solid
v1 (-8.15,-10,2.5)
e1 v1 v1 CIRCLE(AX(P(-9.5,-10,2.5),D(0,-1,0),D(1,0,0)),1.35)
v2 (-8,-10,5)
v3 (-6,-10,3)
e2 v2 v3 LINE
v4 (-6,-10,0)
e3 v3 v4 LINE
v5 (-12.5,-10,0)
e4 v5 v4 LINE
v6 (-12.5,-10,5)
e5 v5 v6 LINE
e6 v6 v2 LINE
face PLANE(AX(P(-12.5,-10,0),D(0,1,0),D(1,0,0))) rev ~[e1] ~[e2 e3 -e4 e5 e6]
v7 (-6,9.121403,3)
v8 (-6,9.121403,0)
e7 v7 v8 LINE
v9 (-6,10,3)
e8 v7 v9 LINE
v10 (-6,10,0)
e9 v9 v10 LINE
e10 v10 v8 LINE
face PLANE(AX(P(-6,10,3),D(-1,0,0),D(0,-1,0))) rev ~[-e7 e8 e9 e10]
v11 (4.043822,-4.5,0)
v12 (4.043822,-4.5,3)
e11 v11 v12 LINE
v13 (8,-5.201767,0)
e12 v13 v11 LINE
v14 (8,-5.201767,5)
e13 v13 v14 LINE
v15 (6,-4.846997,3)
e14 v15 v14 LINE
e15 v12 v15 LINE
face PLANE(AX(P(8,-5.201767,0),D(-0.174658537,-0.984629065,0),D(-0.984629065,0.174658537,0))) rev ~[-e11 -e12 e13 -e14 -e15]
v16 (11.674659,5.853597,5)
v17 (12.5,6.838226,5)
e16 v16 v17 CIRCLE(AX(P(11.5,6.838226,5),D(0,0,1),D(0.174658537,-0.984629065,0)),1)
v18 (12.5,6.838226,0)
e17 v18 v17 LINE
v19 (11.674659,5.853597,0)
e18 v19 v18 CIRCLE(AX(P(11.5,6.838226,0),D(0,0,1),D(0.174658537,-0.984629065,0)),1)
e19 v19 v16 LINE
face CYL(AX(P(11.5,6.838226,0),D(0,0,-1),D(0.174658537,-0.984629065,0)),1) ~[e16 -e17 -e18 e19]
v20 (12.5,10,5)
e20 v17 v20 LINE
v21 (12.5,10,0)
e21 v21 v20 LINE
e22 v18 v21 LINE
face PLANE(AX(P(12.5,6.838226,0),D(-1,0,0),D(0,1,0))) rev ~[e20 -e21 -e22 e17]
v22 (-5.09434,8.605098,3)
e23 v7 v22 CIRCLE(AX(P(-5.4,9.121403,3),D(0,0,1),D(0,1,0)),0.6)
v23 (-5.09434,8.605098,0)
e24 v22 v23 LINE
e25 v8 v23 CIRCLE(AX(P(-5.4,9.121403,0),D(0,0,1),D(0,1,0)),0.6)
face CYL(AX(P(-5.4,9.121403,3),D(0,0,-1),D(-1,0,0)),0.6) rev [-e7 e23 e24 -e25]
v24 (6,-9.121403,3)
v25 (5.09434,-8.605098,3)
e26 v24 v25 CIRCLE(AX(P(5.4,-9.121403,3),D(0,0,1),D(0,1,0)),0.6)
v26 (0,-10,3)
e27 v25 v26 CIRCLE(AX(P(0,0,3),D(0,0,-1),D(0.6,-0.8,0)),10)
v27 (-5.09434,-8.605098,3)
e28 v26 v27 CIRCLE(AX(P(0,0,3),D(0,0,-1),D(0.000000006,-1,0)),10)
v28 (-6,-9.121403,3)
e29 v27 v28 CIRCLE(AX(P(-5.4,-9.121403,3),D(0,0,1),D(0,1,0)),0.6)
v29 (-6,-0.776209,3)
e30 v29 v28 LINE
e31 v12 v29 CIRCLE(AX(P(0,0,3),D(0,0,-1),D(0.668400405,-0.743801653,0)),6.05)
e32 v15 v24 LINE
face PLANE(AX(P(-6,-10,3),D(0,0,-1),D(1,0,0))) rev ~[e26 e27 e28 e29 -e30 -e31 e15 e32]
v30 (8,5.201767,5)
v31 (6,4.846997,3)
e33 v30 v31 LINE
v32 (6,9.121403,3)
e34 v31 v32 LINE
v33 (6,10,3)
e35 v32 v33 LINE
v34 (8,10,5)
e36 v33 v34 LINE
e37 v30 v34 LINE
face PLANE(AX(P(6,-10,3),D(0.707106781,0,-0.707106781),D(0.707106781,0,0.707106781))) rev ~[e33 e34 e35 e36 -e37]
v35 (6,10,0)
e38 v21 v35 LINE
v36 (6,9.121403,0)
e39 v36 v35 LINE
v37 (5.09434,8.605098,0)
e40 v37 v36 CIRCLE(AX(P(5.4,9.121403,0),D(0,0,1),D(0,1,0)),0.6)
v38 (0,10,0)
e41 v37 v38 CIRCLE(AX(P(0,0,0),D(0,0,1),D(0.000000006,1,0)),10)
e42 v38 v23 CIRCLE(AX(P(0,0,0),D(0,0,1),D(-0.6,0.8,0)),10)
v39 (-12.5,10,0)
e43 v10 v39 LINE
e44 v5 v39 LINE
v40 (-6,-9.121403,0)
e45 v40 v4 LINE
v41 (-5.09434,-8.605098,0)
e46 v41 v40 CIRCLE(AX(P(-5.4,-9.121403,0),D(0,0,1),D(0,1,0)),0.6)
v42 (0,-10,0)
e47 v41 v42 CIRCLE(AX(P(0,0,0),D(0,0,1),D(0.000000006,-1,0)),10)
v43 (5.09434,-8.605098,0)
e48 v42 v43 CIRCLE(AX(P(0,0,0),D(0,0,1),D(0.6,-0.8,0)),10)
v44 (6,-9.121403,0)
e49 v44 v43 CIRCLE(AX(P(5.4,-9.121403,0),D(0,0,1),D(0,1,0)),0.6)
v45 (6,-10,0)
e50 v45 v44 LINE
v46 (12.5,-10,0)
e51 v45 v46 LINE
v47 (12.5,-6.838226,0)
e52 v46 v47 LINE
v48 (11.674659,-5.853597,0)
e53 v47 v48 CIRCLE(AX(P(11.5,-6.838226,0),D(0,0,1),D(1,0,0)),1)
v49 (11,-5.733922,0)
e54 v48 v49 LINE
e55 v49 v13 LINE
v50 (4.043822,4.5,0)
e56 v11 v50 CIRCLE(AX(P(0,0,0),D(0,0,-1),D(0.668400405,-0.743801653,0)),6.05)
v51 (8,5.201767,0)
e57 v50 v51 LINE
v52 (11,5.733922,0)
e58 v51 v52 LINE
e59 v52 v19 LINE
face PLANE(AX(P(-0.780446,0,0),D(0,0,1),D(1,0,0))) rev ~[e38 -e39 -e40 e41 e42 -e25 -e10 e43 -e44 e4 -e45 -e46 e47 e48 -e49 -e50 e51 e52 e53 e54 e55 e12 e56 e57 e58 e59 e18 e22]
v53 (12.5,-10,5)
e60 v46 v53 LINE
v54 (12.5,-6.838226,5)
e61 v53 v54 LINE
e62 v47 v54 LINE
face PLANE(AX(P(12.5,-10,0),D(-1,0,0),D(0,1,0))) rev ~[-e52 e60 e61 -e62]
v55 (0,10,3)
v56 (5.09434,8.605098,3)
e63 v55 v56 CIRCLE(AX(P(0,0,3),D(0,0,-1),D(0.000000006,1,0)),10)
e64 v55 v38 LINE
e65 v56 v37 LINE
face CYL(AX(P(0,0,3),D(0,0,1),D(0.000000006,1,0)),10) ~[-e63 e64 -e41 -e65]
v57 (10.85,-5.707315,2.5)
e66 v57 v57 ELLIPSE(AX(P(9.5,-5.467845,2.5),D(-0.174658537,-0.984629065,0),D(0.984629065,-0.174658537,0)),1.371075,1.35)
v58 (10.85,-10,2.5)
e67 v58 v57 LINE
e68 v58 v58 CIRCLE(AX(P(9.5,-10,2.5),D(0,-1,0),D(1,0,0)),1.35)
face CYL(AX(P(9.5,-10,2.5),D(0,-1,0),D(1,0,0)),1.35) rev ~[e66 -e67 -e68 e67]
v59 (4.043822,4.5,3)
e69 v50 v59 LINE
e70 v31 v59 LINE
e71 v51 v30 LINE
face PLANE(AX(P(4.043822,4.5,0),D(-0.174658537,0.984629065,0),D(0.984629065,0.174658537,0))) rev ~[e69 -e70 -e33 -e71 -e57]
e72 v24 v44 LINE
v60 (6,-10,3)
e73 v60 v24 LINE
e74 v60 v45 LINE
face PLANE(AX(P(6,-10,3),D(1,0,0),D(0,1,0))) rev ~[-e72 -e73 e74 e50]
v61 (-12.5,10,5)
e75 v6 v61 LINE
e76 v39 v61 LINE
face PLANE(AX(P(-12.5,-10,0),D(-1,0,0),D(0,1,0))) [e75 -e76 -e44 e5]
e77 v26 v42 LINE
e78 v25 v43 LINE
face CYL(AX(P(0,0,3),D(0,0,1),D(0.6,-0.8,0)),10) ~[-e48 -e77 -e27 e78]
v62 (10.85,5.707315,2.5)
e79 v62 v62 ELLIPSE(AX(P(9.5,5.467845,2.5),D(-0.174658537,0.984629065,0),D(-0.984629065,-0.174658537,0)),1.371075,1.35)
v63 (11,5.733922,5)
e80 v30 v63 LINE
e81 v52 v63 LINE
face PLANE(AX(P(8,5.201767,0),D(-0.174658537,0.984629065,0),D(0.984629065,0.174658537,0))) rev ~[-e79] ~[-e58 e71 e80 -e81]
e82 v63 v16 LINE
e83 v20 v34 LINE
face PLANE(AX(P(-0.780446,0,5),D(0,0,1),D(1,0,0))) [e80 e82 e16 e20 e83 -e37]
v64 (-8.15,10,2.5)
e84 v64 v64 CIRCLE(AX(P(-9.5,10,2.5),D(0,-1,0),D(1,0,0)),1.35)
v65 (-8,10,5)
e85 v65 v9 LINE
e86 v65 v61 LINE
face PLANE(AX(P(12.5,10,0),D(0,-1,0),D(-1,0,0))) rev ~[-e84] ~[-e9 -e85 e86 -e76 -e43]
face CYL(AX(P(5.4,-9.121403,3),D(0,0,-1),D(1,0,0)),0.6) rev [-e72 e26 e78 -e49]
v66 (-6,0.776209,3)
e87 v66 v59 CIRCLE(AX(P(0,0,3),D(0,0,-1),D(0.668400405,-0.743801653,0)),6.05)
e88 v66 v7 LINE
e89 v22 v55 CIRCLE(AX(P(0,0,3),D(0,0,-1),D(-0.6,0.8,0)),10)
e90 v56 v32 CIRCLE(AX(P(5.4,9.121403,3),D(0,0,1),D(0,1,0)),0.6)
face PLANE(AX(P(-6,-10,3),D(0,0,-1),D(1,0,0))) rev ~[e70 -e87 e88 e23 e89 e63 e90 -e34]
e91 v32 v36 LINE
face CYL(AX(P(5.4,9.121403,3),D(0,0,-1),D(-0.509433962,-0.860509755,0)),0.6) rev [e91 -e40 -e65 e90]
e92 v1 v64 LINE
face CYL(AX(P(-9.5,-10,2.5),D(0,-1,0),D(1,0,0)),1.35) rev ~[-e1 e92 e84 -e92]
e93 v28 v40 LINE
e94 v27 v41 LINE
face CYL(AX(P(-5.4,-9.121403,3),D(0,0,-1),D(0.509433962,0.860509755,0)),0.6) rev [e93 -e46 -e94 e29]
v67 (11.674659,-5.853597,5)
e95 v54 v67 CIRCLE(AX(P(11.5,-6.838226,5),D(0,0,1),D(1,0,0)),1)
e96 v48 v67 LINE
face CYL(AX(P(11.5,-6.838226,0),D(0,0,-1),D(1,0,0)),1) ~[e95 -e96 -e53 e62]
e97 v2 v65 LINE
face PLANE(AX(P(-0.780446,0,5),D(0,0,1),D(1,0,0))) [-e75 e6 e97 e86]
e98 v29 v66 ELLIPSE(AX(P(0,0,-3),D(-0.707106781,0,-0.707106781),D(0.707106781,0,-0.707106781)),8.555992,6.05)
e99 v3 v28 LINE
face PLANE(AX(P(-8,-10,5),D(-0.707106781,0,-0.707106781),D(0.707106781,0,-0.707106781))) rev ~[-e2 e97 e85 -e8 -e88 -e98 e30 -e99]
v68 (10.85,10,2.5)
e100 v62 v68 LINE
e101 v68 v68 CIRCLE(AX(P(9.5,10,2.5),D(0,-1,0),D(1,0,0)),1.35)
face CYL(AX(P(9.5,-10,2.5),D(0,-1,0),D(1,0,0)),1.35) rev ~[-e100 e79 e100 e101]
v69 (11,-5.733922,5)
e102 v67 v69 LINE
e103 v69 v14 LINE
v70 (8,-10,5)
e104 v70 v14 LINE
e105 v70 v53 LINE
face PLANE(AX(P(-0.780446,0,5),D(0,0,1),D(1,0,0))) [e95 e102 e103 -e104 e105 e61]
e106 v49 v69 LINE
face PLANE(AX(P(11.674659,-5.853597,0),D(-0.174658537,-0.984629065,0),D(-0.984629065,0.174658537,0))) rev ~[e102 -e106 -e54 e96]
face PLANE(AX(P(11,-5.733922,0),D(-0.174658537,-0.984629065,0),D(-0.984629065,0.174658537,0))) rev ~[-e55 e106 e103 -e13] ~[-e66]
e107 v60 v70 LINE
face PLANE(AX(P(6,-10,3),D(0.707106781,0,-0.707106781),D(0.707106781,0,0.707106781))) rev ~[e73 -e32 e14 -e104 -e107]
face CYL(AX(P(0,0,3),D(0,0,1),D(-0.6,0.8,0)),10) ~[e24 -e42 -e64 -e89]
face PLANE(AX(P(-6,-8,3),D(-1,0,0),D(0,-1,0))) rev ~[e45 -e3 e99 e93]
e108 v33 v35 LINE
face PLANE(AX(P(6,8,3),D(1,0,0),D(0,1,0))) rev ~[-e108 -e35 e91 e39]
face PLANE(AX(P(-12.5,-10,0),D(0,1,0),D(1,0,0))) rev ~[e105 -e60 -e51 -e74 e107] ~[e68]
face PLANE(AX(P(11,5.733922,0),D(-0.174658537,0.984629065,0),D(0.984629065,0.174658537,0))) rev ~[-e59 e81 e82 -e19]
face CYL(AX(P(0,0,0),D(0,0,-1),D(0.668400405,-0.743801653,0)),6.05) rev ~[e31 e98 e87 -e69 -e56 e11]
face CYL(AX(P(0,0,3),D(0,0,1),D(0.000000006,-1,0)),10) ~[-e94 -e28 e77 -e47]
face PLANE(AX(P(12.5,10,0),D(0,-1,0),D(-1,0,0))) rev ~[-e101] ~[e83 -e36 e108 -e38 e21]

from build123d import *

# Parameters (mm, degrees)
F0_W     = 1.5
F0_H     = 20
F0_W_2   = 3
F1_DEPTH = 5
F2_R     = 1.35
F3_DEPTH = 25
F5_DEPTH = 25
F6_R     = 0.6


with BuildPart() as f1:
    # F0 (on Top) → F1 (new body)
    with BuildSketch(Plane.XY):
        with BuildLine():
            ThreePointArc((4.0438224491, -4.5), (-6.05, 0), (4.0438224491, 4.5))
            Line((4.0438224491, 4.5), (8, 5.201766997))
            Line((8, 5.201766997), (8, 10))
            Line((8, 10), (-8, 10))
            Line((-8, 10), (-8, -10))
            Line((-8, -10), (8, -10))
            Line((8, -10), (8, -5.201766997))
            Line((8, -5.201766997), (4.0438224491, -4.5))
        make_face()
        Polygon((8, 10), (8, 5.201766997), (11, 5.7339223323), (11, 10), align=None)
        with BuildLine():
            Line((11, 10), (11, 5.7339223323))
            Line((11, 5.7339223323), (11.6746585367, 5.8535967123))
            ThreePointArc((11.6746585367, 5.8535967123), (12.2663741047, 6.1958312477), (12.5, 6.8382257772))
            Line((12.5, 6.8382257772), (12.5, 10))
            Line((12.5, 10), (11, 10))
        make_face()
        with BuildLine():
            Line((11.6746585367, -5.8535967123), (11, -5.7339223323))
            Line((11, -5.7339223323), (11, -10))
            Line((11, -10), (12.5, -10))
            Line((12.5, -10), (12.5, -6.8382257772))
            ThreePointArc((12.5, -6.8382257772), (12.2663741047, -6.1958312477), (11.6746585367, -5.8535967123))
        make_face()
        Polygon((11, -5.7339223323), (8, -5.201766997), (8, -10), (11, -10), align=None)
        with Locations((-11.75, 0)):
            Rectangle(F0_W, F0_H)
        with Locations((-9.5, 0)):
            Rectangle(F0_W_2, F0_H)
    extrude(amount=F1_DEPTH)

    # F2 (on face) → F3 (cut)
    with BuildSketch(Plane.XZ.offset(10)):
        with Locations((-9.5, 2.5)):
            Circle(F2_R)
        with Locations((9.5, 2.5)):
            Circle(F2_R)
        Polygon((8, 5), (0, 5), (-8, 5), (-6, 3), (0, 3), (6, 3), align=None)
    extrude(amount=-F3_DEPTH, mode=Mode.SUBTRACT)

    # F4 (on face) → F5 (cut)
    with BuildSketch(Plane.XY.offset(3)):
        with BuildLine():
            ThreePointArc((5.97e-08, 10), (3.1622776885, 9.4868329711), (6, 8))
            Line((6, 8), (6, 10))
            Line((6, 10), (5.97e-08, 10))
        make_face()
        with BuildLine():
            ThreePointArc((-6, 8), (-3.1622776319, 9.4868329899), (5.97e-08, 10))
            Line((5.97e-08, 10), (-6, 10))
            Line((-6, 10), (-6, 8))
        make_face()
        with BuildLine():
            Line((-6, -10), (5.97e-08, -10))
            ThreePointArc((5.97e-08, -10), (-3.1622776319, -9.4868329899), (-6, -8))
            Line((-6, -8), (-6, -10))
        make_face()
        with BuildLine():
            Line((5.97e-08, -10), (6, -10))
            Line((6, -10), (6, -8))
            ThreePointArc((6, -8), (3.1622776885, -9.4868329711), (5.97e-08, -10))
        make_face()
    extrude(amount=-F5_DEPTH, mode=Mode.SUBTRACT)

    # F6
    f6_edges = [f1.edges().sort_by_distance(p)[0] for p in [
        (-6, -8, 1.5),
        (-6, 8, 1.5),
        (6, 8, 1.5),
        (6, -8, 1.5),
    ]]
    fillet(f6_edges, radius=F6_R)


solid = f1.part
